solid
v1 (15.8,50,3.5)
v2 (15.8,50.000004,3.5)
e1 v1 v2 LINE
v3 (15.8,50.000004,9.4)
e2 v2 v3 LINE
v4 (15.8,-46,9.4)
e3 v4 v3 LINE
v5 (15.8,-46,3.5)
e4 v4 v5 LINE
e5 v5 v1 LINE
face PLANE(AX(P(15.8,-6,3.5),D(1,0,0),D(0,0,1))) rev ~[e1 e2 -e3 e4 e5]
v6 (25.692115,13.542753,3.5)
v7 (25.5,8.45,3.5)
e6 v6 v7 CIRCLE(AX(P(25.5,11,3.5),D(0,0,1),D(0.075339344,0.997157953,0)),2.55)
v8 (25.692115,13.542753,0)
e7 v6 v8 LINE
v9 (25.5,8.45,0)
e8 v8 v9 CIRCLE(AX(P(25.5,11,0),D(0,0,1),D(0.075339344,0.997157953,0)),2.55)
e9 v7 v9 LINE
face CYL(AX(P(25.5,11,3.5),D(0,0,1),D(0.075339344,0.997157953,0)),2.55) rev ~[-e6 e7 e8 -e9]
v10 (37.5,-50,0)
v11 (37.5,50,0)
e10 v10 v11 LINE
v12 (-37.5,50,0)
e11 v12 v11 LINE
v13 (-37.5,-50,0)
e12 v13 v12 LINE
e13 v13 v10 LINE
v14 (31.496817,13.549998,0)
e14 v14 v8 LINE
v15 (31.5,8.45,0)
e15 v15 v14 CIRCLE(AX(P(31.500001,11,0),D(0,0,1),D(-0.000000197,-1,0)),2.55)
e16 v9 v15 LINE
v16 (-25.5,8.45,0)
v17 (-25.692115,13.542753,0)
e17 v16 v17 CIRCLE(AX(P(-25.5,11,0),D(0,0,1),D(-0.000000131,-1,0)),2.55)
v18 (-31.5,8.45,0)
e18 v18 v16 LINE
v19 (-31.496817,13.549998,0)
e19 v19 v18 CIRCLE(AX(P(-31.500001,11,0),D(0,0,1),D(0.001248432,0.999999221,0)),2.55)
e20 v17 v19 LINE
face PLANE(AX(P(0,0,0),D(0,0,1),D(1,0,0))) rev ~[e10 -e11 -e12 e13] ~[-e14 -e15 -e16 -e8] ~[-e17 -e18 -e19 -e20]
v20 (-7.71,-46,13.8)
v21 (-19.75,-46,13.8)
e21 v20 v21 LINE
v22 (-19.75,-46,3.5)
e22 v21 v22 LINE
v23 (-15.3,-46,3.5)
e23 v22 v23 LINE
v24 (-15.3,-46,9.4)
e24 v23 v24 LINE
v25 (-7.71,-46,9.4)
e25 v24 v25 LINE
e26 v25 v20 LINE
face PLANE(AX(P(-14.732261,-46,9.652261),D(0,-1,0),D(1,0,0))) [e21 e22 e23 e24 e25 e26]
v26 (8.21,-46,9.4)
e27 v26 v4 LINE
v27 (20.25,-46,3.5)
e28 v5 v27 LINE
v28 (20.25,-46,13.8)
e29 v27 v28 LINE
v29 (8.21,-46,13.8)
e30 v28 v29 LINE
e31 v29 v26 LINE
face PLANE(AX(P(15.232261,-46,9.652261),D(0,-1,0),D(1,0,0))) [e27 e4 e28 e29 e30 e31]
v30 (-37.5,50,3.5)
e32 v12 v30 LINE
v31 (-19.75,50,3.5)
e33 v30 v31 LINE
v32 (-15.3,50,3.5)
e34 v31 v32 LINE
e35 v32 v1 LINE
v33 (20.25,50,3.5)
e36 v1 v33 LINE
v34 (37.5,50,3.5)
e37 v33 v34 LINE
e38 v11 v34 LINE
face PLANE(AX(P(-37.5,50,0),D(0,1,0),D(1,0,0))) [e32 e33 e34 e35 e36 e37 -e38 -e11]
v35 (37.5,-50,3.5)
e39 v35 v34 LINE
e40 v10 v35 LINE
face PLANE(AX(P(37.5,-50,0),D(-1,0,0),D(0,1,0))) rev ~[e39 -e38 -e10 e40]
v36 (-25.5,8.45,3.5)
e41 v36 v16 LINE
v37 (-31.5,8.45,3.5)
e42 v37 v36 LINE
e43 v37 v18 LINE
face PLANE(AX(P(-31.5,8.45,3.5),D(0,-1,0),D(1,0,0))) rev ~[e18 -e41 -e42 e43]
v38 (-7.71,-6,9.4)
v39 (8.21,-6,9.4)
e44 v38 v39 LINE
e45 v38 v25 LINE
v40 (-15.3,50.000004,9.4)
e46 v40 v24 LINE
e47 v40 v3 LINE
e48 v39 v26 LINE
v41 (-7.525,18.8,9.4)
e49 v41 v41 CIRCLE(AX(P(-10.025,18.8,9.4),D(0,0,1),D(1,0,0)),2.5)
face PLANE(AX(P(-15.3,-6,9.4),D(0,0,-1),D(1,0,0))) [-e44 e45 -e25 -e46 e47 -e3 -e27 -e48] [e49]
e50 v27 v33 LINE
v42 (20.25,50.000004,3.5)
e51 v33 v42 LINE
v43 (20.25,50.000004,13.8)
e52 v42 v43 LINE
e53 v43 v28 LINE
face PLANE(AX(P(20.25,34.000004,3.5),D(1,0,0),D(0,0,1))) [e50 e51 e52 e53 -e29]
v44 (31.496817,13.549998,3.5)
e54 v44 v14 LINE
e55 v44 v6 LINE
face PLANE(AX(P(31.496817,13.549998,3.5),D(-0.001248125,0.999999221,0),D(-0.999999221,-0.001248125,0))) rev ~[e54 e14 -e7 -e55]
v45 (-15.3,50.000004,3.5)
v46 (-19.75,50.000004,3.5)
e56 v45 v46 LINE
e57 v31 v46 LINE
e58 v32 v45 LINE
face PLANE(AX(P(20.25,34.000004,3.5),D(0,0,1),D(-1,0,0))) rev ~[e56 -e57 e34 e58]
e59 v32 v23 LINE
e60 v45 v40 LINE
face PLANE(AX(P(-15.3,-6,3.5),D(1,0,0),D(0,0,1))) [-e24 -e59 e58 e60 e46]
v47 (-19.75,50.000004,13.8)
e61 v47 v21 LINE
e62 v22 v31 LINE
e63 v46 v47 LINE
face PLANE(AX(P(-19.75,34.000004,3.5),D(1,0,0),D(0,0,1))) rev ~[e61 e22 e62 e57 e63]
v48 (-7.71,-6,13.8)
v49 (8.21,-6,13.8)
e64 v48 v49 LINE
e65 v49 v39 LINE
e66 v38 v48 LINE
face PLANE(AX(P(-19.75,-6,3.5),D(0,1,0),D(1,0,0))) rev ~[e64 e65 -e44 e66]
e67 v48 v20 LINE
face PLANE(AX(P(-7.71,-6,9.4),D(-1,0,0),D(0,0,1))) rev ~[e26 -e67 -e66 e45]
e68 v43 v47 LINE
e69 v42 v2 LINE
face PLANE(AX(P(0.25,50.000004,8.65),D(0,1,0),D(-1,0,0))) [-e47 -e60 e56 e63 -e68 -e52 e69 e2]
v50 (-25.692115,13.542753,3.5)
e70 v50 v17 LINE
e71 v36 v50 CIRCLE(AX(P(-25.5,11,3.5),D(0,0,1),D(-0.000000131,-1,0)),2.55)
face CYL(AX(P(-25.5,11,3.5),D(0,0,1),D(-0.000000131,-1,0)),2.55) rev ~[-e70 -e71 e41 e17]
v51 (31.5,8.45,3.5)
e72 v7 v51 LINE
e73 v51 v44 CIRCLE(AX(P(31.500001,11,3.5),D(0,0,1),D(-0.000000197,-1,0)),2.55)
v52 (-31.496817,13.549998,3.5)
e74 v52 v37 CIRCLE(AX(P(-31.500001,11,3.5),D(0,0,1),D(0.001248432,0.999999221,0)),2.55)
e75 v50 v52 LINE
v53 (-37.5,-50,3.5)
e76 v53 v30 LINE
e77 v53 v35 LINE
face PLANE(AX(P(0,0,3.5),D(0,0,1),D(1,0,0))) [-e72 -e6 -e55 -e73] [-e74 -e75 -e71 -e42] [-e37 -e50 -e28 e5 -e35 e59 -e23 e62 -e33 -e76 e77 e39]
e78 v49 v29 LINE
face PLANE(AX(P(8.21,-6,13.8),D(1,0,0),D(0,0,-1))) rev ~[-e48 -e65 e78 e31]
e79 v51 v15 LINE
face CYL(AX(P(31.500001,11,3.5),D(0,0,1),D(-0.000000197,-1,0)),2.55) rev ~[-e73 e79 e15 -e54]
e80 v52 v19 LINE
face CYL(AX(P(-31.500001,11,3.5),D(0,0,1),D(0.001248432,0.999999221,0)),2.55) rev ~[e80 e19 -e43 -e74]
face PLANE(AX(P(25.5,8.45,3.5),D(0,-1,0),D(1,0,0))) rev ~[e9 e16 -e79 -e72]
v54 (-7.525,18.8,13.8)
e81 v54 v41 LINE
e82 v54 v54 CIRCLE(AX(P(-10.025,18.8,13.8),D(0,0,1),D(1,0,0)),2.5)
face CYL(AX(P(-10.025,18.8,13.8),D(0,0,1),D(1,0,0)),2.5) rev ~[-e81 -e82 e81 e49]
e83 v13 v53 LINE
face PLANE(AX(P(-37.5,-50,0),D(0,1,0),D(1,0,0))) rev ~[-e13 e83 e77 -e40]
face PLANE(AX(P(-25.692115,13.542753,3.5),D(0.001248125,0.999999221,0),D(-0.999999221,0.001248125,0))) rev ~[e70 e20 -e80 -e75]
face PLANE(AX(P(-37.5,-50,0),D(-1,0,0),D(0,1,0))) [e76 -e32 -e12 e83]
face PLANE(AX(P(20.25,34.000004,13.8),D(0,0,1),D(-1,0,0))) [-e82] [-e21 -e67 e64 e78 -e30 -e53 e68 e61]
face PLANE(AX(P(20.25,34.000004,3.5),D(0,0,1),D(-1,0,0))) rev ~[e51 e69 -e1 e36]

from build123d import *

# Parameters (mm, degrees)
F0_W      = 75
F0_H      = 100
F1_DEPTH  = 3.5
F3_DEPTH  = 3.5
F4_W      = 40
F4_H      = 40.000004
F5_DEPTH  = 10.3
F7_DEPTH  = 40
F9_R      = 2.5
F10_DEPTH = 5.5
F11_W     = 40
F11_H     = 10.3
F12_DEPTH = 16
F8_W      = 31.1
F8_H      = 5.9
F13_DEPTH = 56.000004


with BuildPart() as f1:
    # F0 (on Top) → F1 (new body)
    with BuildSketch(Plane.XY):
        Rectangle(F0_W, F0_H)
    extrude(amount=F1_DEPTH)

    # F2 (on face) → F3 (cut, through all)
    with BuildSketch(Plane.XY.offset(3.5)):
        with BuildLine():
            Line((25.5, 8.45), (31.5, 8.45))
            ThreePointArc((31.5, 8.45), (34.05, 11.001591), (31.496817, 13.549998))
            Line((31.496817, 13.549998), (25.692115, 13.542753))
            ThreePointArc((25.692115, 13.542753), (22.951812, 11.096126), (25.5, 8.45))
        make_face()
        with BuildLine():
            ThreePointArc((-25.5, 8.45), (-22.951812, 11.096126), (-25.692115, 13.542753))
            Line((-25.692115, 13.542753), (-31.496817, 13.549998))
            ThreePointArc((-31.496817, 13.549998), (-34.05, 11.001591), (-31.5, 8.45))
            Line((-31.5, 8.45), (-25.5, 8.45))
        make_face()
    extrude(amount=-F3_DEPTH, mode=Mode.SUBTRACT)

    # F4 (on face) → F5 (join)
    with BuildSketch(Plane.XY.offset(3.5)):
        with Locations((0.25, 14.000002)):
            Rectangle(F4_W, F4_H)
    extrude(amount=F5_DEPTH)

    # F6 (on face) → F7 (join)
    with BuildSketch(Plane.XZ.offset(6)):
        Polygon((-7.71, 13.8), (-19.75, 13.8), (-19.75, 3.5), (-15.3, 3.5), (-15.3, 9.4), (-7.71, 9.4), align=None)
        Polygon((20.25, 3.5), (20.25, 13.8), (8.21, 13.8), (8.21, 9.4), (15.8, 9.4), (15.8, 3.5), align=None)
    extrude(amount=F7_DEPTH)

    # F9 (on face) → F10 (cut)
    with BuildSketch(Plane.XY.offset(13.8)):
        with Locations((-10.025, 18.8)):
            Circle(F9_R)
    extrude(amount=-F10_DEPTH, mode=Mode.SUBTRACT)

    # F11 (on face) → F12 (join)
    with BuildSketch(Plane(origin=(0, 34.000004, 0), x_dir=(-1, 0, 0), z_dir=(0, 1, 0))):
        with Locations((-0.25, 8.65)):
            Rectangle(F11_W, F11_H)
    extrude(amount=F12_DEPTH)

    # F8 (on face) → F13 (cut, through all)
    with BuildSketch(Plane.XZ.offset(6)):
        with Locations((0.25, 6.45)):
            Rectangle(F8_W, F8_H)
    extrude(amount=-F13_DEPTH, mode=Mode.SUBTRACT)


solid = f1.part
